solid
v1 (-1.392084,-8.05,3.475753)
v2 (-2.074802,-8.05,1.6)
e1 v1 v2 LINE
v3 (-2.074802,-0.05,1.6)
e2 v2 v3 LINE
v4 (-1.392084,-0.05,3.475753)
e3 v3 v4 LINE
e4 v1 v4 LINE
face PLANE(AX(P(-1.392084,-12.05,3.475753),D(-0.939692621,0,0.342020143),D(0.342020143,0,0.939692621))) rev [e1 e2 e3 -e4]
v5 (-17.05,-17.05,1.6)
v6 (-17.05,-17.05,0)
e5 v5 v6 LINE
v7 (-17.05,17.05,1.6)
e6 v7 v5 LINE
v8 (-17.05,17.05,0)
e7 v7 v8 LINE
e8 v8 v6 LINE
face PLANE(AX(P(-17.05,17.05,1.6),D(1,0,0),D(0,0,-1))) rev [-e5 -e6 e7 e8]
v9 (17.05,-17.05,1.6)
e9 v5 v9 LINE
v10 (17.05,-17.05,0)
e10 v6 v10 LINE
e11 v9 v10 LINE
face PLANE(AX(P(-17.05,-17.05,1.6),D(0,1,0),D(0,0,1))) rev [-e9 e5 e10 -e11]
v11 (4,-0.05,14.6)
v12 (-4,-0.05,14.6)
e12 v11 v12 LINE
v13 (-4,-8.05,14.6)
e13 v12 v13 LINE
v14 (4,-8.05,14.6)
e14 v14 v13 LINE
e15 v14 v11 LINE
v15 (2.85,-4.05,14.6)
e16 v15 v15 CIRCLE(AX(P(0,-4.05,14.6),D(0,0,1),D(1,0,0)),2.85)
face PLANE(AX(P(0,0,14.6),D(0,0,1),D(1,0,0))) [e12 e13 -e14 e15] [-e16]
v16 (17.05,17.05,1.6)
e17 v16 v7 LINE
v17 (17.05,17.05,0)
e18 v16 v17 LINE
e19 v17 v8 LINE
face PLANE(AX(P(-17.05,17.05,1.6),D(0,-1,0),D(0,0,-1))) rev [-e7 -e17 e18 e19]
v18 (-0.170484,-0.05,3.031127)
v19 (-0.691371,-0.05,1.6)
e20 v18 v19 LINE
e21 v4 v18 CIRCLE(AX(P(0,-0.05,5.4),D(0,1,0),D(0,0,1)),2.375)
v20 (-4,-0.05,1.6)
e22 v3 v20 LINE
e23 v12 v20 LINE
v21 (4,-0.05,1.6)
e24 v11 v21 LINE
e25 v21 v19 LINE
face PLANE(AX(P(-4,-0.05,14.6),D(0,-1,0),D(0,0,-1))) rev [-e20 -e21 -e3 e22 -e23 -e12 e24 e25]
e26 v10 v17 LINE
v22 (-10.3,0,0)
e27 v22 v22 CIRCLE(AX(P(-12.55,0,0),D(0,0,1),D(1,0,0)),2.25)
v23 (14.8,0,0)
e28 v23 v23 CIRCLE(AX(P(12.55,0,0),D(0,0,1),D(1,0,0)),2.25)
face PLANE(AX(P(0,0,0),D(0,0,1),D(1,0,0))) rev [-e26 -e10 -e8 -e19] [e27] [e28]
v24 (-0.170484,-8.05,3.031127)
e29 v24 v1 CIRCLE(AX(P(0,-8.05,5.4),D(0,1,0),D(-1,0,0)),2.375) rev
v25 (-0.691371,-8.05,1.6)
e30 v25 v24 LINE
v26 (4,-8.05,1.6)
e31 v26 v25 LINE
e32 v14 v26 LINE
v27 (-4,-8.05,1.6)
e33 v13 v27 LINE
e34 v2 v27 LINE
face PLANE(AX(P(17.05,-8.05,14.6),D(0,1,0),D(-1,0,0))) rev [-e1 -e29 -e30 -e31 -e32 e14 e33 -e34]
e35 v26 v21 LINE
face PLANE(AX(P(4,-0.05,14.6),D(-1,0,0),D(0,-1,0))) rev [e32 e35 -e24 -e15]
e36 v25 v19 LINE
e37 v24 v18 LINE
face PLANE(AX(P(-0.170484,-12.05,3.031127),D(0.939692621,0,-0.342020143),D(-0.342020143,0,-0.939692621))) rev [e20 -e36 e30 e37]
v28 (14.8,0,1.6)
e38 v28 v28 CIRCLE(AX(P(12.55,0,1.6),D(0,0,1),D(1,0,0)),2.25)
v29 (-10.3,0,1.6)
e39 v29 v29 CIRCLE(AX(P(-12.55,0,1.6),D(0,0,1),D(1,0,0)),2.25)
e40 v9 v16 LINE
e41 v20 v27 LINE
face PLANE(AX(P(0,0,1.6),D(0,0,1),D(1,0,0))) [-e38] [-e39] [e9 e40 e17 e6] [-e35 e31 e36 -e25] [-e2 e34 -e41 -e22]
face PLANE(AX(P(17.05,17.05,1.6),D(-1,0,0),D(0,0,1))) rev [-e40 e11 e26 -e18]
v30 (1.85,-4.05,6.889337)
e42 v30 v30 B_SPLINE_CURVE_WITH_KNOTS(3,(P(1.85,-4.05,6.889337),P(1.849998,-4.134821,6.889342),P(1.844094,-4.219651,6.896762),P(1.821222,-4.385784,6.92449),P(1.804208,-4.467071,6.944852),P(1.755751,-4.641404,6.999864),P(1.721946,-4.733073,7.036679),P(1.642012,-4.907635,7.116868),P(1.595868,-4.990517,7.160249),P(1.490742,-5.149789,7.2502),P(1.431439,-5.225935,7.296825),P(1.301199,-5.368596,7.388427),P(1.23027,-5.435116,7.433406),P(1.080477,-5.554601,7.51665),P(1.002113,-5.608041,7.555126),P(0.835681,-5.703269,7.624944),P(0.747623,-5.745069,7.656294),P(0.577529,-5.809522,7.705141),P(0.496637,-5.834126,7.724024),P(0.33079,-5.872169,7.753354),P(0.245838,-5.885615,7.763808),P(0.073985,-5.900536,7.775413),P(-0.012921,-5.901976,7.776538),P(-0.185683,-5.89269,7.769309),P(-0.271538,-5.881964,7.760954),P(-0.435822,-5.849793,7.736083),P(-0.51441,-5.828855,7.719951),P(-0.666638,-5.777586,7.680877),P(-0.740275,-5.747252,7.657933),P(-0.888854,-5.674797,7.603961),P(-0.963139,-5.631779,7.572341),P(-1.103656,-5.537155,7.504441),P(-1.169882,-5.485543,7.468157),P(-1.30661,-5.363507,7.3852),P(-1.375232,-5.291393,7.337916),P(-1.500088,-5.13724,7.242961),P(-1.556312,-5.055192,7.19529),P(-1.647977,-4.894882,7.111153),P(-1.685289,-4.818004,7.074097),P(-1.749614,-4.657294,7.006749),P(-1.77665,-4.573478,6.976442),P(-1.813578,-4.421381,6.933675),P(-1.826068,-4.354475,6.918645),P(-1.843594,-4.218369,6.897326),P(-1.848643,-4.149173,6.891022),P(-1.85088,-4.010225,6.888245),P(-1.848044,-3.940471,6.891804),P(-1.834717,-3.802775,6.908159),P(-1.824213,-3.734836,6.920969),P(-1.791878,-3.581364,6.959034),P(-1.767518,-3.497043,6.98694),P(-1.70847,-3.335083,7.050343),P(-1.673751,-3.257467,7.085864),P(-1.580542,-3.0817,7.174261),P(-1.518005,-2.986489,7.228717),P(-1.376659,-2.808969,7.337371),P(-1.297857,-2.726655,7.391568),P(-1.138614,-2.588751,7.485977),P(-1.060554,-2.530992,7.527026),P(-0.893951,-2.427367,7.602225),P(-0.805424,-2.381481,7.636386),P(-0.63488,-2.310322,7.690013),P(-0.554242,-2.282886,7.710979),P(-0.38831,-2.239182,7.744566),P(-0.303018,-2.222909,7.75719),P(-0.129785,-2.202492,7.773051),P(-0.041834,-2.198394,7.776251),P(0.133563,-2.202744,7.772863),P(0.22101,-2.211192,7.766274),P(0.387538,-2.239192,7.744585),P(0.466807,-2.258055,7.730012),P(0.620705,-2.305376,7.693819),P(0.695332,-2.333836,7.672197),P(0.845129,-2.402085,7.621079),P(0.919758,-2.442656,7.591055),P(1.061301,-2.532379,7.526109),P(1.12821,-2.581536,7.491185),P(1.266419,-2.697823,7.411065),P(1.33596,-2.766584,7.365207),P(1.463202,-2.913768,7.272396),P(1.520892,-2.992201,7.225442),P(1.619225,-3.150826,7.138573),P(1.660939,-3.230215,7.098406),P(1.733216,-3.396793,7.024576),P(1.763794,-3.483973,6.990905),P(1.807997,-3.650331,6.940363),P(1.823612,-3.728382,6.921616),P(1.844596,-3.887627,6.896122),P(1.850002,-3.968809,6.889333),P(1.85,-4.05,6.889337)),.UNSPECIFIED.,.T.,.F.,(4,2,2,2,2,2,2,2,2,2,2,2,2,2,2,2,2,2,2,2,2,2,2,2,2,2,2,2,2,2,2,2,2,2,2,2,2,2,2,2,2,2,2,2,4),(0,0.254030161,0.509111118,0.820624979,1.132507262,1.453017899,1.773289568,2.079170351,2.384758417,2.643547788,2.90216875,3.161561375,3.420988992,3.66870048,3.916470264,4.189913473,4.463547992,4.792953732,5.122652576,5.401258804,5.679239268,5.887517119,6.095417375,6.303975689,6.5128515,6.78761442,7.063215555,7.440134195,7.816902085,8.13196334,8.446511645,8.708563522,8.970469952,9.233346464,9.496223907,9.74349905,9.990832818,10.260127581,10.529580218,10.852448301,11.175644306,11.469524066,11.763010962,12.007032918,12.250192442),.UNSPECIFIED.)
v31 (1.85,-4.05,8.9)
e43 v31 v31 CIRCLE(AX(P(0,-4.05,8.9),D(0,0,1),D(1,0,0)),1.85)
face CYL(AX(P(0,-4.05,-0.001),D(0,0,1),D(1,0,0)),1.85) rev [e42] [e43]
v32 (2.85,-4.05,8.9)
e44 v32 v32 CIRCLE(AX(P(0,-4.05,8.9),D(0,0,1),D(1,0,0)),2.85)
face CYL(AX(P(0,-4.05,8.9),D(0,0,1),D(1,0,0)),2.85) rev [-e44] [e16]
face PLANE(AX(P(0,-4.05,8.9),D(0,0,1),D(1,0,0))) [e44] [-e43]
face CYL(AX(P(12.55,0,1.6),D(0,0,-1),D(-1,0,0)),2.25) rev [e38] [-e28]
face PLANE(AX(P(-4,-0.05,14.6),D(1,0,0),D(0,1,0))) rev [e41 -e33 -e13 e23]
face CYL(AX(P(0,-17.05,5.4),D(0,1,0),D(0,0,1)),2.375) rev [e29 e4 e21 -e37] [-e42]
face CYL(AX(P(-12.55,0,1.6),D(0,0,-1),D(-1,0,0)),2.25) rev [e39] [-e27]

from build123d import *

# Parameters (mm, degrees)
SKETCH1_W           = 34.1
SKETCH1_H           = 34.1
SKETCH1_R           = 2.25
BOSS_EXTRUDE1_DEPTH = 1.6
SKETCH2_W           = 8
SKETCH2_H           = 17
BOSS_EXTRUDE2_DEPTH = 13
SKETCH12_R          = 2.375
CUT_EXTRUDE3_DEPTH  = 18
CUT_EXTRUDE4_DEPTH  = 12
SKETCH14_R          = 2.85
CUT_EXTRUDE9_DEPTH  = 5.7
CUT_EXTRUDE10_REACH = 10.9
SKETCH15_R          = 1.85
SKETCH19_W          = 13
SKETCH19_H          = 9
CUT_EXTRUDE11_DEPTH = 22.05


with BuildPart() as part:
    # Sketch1 → Boss-Extrude1 (new body)
    with BuildSketch(Plane.XY):
        Rectangle(SKETCH1_W, SKETCH1_H)
        with Locations((-12.55, 0)):
            Circle(SKETCH1_R, mode=Mode.SUBTRACT)
        with Locations((12.55, 0)):
            Circle(SKETCH1_R, mode=Mode.SUBTRACT)
    extrude(amount=BOSS_EXTRUDE1_DEPTH)

    # Sketch2 → Boss-Extrude2 (add)
    with BuildSketch(Plane.XY.offset(1.6)):
        with Locations((0, -8.55)):
            Rectangle(SKETCH2_W, SKETCH2_H)
    extrude(amount=BOSS_EXTRUDE2_DEPTH)

    # Sketch12 → Cut-Extrude3 (cut, through all)
    with BuildSketch(Plane(origin=(0, -0.05, 0), x_dir=(1, 0, 0), z_dir=(0, 1, 0))):
        with Locations((0, -5.4)):
            Circle(SKETCH12_R)
    extrude(amount=-CUT_EXTRUDE3_DEPTH, mode=Mode.SUBTRACT)

    # Sketch13 → Cut-Extrude4 (cut)
    with BuildSketch(Plane(origin=(0, -0.05, 0), x_dir=(1, 0, 0), z_dir=(0, 1, 0))):
        Polygon((-1.392084192, -3.475752978), (-2.074802442, -1.6), (-0.691371338, -1.6), (-0.170483785, -3.031126791), align=None)
    extrude(amount=-CUT_EXTRUDE4_DEPTH, mode=Mode.SUBTRACT)

    # Sketch14 → Cut-Extrude9 (cut)
    with BuildSketch(Plane.XY.offset(14.6)):
        with Locations((0, -12.55)):
            Circle(SKETCH14_R)
        with Locations((0, -4.05)):
            Circle(SKETCH14_R)
    extrude(amount=-CUT_EXTRUDE9_DEPTH, mode=Mode.SUBTRACT)

    # Sketch15 → Cut-Extrude10 (cut, up to next)
    with BuildSketch(Plane.XY.offset(8.9), mode=Mode.PRIVATE) as cut_extrude10_sk1:
        with Locations((0, -4.05)):
            Circle(SKETCH15_R)
    cut_extrude10_tool1 = extrude(cut_extrude10_sk1.sketch, amount=-CUT_EXTRUDE10_REACH, mode=Mode.PRIVATE) & part.part
    add(cut_extrude10_tool1.solids().sort_by_distance((0, -4.05, 8.9))[0], mode=Mode.SUBTRACT)
    # Sketch15 → Cut-Extrude10 (cut, up to next)
    with BuildSketch(Plane.XY.offset(8.9), mode=Mode.PRIVATE) as cut_extrude10_sk2:
        with Locations((0, -12.55)):
            Circle(SKETCH15_R)
    cut_extrude10_tool2 = extrude(cut_extrude10_sk2.sketch, amount=-CUT_EXTRUDE10_REACH, mode=Mode.PRIVATE) & part.part
    add(cut_extrude10_tool2.solids().sort_by_distance((0, -12.55, 8.9))[0], mode=Mode.SUBTRACT)

    # Sketch19 → Cut-Extrude11 (cut, through all)
    with BuildSketch(Plane.ZY.offset(4)):
        with Locations((8.1, -12.55)):
            Rectangle(SKETCH19_W, SKETCH19_H)
    extrude(amount=-CUT_EXTRUDE11_DEPTH, mode=Mode.SUBTRACT)


solid = part.part
